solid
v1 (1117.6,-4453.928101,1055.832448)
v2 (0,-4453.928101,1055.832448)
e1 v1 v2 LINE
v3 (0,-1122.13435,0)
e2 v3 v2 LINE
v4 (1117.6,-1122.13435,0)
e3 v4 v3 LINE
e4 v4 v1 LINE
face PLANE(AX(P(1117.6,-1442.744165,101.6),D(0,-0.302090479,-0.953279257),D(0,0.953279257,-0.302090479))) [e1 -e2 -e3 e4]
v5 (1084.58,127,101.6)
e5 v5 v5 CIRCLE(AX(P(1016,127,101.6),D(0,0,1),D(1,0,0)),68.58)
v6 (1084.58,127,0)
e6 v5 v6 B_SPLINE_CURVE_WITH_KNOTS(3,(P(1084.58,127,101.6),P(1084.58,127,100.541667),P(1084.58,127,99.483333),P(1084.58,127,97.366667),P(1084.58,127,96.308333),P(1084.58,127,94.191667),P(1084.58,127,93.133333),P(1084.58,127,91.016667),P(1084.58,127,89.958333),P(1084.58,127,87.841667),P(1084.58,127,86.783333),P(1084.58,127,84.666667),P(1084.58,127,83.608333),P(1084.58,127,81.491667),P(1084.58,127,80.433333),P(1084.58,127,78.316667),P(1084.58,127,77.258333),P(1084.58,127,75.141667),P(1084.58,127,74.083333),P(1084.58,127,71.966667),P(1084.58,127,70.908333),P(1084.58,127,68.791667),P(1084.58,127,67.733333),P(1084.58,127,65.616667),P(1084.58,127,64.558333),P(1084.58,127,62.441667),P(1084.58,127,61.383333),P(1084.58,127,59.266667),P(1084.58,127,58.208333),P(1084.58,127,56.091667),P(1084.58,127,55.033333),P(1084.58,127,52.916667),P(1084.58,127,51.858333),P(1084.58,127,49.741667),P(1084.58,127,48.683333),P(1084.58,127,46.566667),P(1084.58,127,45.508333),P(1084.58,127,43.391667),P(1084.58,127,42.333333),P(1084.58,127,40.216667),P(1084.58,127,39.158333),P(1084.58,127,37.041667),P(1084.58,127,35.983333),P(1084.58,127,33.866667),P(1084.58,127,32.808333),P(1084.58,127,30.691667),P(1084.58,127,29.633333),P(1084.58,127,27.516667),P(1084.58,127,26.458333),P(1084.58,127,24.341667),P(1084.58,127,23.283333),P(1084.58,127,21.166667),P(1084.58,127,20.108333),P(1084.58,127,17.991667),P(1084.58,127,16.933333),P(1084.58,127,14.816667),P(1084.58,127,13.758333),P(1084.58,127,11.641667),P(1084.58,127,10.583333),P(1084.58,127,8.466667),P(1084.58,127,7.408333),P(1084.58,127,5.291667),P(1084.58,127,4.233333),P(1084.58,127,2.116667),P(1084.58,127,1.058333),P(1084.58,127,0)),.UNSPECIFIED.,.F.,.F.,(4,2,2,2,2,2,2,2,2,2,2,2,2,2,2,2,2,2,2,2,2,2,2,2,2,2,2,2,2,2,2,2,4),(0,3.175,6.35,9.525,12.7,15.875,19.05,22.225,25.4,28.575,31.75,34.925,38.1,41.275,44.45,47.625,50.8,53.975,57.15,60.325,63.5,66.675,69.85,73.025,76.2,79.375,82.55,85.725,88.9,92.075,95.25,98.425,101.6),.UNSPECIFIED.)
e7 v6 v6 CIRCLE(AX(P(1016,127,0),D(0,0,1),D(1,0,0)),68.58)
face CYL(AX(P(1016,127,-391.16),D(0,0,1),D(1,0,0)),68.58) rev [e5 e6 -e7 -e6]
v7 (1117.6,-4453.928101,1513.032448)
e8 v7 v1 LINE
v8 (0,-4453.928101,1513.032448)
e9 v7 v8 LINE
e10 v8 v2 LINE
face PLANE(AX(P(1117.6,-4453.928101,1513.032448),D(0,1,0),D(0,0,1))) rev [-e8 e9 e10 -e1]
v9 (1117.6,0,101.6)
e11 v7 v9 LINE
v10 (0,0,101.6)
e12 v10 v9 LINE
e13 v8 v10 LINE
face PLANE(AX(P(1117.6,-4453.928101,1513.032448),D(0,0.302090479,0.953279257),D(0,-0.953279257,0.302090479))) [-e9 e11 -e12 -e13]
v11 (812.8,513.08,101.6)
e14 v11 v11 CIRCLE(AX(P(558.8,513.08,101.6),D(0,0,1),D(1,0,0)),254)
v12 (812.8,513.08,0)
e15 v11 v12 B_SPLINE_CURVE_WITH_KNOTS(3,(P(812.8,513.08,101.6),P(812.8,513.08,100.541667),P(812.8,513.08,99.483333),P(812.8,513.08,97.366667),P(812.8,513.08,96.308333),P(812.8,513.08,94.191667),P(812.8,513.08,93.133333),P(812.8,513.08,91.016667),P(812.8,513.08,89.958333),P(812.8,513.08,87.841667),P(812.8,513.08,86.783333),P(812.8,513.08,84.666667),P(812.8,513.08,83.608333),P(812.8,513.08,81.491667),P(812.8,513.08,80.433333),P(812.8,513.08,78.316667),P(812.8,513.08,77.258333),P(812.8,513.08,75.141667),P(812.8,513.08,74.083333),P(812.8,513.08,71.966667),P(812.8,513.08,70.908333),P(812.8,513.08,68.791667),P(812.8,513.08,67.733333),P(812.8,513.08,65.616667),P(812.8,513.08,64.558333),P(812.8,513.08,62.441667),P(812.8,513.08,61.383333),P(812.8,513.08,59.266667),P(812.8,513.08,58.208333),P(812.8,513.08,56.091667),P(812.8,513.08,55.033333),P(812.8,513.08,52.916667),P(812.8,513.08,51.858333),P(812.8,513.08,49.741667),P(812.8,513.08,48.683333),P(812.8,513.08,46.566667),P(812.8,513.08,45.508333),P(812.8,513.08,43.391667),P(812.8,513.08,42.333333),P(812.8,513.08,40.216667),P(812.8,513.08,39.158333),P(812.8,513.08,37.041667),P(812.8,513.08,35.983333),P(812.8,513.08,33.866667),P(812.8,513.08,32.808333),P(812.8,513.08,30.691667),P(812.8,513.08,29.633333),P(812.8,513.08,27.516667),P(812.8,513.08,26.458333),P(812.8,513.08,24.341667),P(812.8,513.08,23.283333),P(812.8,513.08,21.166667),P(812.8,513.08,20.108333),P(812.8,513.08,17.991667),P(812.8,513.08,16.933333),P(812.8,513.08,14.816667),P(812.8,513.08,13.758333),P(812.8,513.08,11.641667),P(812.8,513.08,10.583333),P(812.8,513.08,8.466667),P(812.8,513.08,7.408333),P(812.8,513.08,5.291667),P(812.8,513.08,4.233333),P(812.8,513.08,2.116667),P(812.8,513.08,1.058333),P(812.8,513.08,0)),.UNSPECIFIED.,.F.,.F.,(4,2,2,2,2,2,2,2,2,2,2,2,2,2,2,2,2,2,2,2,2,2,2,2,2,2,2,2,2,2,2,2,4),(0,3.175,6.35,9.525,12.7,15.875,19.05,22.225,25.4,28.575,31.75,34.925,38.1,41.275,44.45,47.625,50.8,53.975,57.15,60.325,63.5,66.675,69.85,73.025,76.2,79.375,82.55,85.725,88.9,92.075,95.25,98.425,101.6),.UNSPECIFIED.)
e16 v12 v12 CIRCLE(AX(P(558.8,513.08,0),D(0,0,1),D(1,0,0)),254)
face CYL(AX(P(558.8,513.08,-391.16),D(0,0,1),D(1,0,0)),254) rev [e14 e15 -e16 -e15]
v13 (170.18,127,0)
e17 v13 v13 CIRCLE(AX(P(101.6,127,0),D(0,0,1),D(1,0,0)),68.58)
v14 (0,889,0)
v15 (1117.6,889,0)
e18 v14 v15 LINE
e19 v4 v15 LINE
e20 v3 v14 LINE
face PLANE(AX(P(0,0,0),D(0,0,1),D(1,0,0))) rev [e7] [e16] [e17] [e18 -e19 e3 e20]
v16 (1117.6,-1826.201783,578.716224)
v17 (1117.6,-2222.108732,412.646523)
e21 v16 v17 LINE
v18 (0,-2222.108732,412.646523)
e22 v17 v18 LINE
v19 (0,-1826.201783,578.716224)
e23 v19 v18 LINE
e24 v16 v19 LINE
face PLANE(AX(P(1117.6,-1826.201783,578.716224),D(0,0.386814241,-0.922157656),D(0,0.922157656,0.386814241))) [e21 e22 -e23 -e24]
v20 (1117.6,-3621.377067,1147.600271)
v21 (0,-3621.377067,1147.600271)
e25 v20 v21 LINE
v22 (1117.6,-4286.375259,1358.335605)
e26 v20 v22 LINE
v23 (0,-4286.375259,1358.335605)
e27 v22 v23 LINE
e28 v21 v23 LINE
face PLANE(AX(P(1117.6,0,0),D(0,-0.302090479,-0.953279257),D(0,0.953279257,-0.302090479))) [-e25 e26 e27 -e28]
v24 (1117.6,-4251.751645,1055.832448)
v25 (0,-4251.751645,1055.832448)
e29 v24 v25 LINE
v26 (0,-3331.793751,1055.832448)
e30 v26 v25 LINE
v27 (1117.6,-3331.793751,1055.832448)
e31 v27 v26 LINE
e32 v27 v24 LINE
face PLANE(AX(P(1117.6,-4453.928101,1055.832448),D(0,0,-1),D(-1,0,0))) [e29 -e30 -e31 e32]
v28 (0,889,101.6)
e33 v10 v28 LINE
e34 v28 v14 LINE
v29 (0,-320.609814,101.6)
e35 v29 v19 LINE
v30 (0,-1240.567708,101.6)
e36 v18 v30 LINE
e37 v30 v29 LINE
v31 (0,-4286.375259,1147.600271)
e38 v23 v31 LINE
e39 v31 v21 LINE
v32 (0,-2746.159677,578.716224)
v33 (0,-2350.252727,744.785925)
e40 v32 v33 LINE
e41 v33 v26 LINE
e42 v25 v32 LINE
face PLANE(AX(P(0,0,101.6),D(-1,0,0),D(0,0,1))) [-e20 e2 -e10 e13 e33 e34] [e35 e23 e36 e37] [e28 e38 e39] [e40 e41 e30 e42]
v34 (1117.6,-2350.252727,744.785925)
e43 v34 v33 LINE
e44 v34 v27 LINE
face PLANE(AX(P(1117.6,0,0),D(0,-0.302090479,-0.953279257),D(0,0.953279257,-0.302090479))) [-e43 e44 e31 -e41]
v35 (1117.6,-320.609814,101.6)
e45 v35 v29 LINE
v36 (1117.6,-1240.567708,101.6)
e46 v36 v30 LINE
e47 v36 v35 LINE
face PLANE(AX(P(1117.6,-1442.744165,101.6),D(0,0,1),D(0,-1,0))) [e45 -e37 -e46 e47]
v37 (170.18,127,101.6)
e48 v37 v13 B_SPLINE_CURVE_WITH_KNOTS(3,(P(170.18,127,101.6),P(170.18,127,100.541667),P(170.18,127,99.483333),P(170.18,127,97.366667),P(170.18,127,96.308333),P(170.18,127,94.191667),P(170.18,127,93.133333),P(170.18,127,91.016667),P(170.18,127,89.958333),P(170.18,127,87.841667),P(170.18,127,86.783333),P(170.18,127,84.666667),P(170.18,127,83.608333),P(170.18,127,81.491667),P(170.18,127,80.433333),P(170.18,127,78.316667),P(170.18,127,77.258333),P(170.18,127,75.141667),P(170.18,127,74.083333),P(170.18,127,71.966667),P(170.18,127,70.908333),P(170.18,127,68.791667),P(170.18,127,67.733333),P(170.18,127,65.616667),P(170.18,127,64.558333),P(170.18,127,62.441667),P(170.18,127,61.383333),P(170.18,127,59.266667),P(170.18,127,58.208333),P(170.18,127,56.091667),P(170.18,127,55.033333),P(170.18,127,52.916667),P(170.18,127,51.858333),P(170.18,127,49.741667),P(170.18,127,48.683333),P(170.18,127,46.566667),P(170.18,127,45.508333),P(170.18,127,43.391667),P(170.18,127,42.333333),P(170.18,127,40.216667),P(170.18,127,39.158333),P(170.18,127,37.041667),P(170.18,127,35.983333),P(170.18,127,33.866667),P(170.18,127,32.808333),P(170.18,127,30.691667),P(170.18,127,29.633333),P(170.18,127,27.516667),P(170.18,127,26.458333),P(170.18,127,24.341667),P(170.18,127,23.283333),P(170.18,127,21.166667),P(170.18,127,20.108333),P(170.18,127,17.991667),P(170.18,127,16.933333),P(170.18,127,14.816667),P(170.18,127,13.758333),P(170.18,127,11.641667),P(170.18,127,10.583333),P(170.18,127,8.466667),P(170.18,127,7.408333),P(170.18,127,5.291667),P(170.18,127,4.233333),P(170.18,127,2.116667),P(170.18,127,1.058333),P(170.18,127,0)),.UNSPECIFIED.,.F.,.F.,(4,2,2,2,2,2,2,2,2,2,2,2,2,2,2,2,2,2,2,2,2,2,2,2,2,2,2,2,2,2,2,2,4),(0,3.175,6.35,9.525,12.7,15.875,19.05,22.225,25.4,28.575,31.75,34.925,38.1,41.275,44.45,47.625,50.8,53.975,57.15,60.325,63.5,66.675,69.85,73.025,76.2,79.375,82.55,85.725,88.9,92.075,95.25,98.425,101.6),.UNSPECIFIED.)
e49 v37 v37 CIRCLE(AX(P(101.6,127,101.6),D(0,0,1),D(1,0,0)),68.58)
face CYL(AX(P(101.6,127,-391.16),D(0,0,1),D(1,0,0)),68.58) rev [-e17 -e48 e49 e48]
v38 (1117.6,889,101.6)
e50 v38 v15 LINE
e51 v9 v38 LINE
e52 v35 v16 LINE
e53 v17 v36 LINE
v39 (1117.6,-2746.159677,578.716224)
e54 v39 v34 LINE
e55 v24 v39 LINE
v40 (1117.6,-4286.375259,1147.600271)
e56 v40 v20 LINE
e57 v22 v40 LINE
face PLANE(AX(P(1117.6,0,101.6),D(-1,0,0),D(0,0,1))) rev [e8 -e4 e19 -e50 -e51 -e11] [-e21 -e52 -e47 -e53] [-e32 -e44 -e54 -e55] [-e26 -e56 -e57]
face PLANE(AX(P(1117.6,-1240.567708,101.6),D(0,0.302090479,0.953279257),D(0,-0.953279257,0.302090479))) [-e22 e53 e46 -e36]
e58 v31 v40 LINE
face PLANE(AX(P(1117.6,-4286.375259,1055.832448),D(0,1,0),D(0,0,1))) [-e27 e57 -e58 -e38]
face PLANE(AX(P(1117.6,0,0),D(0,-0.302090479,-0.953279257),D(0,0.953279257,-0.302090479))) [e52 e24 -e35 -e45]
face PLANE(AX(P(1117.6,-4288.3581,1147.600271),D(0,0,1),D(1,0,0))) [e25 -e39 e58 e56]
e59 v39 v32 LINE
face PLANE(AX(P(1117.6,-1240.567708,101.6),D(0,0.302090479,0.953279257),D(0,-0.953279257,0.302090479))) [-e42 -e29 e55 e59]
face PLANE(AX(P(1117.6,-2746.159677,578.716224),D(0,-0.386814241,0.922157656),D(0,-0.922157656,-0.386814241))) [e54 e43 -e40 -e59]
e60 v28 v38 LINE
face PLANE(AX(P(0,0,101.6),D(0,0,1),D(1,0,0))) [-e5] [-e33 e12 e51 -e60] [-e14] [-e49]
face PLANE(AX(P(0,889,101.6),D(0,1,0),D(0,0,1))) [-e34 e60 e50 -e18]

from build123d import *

# Parameters (mm, degrees)
SKETCH1_W            = 1117.6
SKETCH1_H            = 889
BOSS_EXTRUDE1_DEPTH  = 101.6
SKETCH6_R            = 68.58
SKETCH6_R_2          = 254
CUT_EXTRUDE1_DEPTH   = 492.76
BOSS_EXTRUDE4_DEPTH  = 1117.6
BOSS_EXTRUDE6_DEPTH  = 1117.6
BOSS_EXTRUDE7_DEPTH  = 1117.6
BOSS_EXTRUDE8_DEPTH  = 1117.6
BOSS_EXTRUDE9_DEPTH  = 1117.6
BOSS_EXTRUDE10_DEPTH = 1117.6


with BuildPart() as part:
    # Sketch1 → Boss-Extrude1 (new body)
    with BuildSketch(Plane.XY):
        with Locations((558.8, 444.5)):
            Rectangle(SKETCH1_W, SKETCH1_H)
    extrude(amount=BOSS_EXTRUDE1_DEPTH)

    # Sketch6 → Cut-Extrude1 (cut)
    with BuildSketch(Plane.XY.offset(101.6)):
        with Locations((1016, 127)):
            Circle(SKETCH6_R)
        with Locations((101.6, 127)):
            Circle(SKETCH6_R)
        with Locations((558.8, 513.08)):
            Circle(SKETCH6_R_2)
    extrude(amount=-CUT_EXTRUDE1_DEPTH, mode=Mode.SUBTRACT)

    # Sketch12 → Boss-Extrude4 (add)
    with BuildSketch(Plane(origin=(0, 0, 0), x_dir=(0, 0, -1), z_dir=(1, 0, 0))):
        Polygon((0, 0), (-1411.432447732, -4453.928101196), (-1513.032447732, -4453.928101196), (-101.6, 0), align=None)
    extrude(amount=BOSS_EXTRUDE4_DEPTH)

    # Sketch18 → Boss-Extrude6 (add)
    with BuildSketch(Plane.ZY):
        Polygon((1411.432447732, -4453.928101196), (1055.832447732, -4453.928101196), (1055.832447732, -4286.375258564), (1358.335605254, -4286.375258564), align=None)
    extrude(amount=-BOSS_EXTRUDE6_DEPTH)

    # Sketch19 → Boss-Extrude7 (add)
    with BuildSketch(Plane.ZY):
        Polygon((1055.832447732, -4286.375258564), (1055.832447732, -3331.793750855), (1147.60027144, -3621.377067049), (1147.60027144, -4288.358100244), (1145.651853781, -4286.375258564), align=None)
    extrude(amount=-BOSS_EXTRUDE7_DEPTH)

    # Sketch24 → Boss-Extrude8 (add)
    with BuildSketch(Plane.ZY):
        Polygon((101.6, -1240.567708283), (1055.832447732, -4251.751644756), (1055.832447732, -4453.928101196), (101.6, -1442.744164723), align=None)
    extrude(amount=-BOSS_EXTRUDE8_DEPTH)

    # Sketch22 → Boss-Extrude9 (add)
    with BuildSketch(Plane.ZY):
        Polygon((101.6, -1442.744164723), (101.6, -320.609814383), (0, 0), (0, -1122.13435034), align=None)
    extrude(amount=-BOSS_EXTRUDE9_DEPTH)

    # Sketch27 → Boss-Extrude10 (add)
    with BuildSketch(Plane.ZY):
        Polygon((578.716223866, -2746.159676519), (744.785924807, -2350.252727434), (578.716223866, -1826.201782619), (412.646522926, -2222.108731705), align=None)
    extrude(amount=-BOSS_EXTRUDE10_DEPTH)


solid = part.part
